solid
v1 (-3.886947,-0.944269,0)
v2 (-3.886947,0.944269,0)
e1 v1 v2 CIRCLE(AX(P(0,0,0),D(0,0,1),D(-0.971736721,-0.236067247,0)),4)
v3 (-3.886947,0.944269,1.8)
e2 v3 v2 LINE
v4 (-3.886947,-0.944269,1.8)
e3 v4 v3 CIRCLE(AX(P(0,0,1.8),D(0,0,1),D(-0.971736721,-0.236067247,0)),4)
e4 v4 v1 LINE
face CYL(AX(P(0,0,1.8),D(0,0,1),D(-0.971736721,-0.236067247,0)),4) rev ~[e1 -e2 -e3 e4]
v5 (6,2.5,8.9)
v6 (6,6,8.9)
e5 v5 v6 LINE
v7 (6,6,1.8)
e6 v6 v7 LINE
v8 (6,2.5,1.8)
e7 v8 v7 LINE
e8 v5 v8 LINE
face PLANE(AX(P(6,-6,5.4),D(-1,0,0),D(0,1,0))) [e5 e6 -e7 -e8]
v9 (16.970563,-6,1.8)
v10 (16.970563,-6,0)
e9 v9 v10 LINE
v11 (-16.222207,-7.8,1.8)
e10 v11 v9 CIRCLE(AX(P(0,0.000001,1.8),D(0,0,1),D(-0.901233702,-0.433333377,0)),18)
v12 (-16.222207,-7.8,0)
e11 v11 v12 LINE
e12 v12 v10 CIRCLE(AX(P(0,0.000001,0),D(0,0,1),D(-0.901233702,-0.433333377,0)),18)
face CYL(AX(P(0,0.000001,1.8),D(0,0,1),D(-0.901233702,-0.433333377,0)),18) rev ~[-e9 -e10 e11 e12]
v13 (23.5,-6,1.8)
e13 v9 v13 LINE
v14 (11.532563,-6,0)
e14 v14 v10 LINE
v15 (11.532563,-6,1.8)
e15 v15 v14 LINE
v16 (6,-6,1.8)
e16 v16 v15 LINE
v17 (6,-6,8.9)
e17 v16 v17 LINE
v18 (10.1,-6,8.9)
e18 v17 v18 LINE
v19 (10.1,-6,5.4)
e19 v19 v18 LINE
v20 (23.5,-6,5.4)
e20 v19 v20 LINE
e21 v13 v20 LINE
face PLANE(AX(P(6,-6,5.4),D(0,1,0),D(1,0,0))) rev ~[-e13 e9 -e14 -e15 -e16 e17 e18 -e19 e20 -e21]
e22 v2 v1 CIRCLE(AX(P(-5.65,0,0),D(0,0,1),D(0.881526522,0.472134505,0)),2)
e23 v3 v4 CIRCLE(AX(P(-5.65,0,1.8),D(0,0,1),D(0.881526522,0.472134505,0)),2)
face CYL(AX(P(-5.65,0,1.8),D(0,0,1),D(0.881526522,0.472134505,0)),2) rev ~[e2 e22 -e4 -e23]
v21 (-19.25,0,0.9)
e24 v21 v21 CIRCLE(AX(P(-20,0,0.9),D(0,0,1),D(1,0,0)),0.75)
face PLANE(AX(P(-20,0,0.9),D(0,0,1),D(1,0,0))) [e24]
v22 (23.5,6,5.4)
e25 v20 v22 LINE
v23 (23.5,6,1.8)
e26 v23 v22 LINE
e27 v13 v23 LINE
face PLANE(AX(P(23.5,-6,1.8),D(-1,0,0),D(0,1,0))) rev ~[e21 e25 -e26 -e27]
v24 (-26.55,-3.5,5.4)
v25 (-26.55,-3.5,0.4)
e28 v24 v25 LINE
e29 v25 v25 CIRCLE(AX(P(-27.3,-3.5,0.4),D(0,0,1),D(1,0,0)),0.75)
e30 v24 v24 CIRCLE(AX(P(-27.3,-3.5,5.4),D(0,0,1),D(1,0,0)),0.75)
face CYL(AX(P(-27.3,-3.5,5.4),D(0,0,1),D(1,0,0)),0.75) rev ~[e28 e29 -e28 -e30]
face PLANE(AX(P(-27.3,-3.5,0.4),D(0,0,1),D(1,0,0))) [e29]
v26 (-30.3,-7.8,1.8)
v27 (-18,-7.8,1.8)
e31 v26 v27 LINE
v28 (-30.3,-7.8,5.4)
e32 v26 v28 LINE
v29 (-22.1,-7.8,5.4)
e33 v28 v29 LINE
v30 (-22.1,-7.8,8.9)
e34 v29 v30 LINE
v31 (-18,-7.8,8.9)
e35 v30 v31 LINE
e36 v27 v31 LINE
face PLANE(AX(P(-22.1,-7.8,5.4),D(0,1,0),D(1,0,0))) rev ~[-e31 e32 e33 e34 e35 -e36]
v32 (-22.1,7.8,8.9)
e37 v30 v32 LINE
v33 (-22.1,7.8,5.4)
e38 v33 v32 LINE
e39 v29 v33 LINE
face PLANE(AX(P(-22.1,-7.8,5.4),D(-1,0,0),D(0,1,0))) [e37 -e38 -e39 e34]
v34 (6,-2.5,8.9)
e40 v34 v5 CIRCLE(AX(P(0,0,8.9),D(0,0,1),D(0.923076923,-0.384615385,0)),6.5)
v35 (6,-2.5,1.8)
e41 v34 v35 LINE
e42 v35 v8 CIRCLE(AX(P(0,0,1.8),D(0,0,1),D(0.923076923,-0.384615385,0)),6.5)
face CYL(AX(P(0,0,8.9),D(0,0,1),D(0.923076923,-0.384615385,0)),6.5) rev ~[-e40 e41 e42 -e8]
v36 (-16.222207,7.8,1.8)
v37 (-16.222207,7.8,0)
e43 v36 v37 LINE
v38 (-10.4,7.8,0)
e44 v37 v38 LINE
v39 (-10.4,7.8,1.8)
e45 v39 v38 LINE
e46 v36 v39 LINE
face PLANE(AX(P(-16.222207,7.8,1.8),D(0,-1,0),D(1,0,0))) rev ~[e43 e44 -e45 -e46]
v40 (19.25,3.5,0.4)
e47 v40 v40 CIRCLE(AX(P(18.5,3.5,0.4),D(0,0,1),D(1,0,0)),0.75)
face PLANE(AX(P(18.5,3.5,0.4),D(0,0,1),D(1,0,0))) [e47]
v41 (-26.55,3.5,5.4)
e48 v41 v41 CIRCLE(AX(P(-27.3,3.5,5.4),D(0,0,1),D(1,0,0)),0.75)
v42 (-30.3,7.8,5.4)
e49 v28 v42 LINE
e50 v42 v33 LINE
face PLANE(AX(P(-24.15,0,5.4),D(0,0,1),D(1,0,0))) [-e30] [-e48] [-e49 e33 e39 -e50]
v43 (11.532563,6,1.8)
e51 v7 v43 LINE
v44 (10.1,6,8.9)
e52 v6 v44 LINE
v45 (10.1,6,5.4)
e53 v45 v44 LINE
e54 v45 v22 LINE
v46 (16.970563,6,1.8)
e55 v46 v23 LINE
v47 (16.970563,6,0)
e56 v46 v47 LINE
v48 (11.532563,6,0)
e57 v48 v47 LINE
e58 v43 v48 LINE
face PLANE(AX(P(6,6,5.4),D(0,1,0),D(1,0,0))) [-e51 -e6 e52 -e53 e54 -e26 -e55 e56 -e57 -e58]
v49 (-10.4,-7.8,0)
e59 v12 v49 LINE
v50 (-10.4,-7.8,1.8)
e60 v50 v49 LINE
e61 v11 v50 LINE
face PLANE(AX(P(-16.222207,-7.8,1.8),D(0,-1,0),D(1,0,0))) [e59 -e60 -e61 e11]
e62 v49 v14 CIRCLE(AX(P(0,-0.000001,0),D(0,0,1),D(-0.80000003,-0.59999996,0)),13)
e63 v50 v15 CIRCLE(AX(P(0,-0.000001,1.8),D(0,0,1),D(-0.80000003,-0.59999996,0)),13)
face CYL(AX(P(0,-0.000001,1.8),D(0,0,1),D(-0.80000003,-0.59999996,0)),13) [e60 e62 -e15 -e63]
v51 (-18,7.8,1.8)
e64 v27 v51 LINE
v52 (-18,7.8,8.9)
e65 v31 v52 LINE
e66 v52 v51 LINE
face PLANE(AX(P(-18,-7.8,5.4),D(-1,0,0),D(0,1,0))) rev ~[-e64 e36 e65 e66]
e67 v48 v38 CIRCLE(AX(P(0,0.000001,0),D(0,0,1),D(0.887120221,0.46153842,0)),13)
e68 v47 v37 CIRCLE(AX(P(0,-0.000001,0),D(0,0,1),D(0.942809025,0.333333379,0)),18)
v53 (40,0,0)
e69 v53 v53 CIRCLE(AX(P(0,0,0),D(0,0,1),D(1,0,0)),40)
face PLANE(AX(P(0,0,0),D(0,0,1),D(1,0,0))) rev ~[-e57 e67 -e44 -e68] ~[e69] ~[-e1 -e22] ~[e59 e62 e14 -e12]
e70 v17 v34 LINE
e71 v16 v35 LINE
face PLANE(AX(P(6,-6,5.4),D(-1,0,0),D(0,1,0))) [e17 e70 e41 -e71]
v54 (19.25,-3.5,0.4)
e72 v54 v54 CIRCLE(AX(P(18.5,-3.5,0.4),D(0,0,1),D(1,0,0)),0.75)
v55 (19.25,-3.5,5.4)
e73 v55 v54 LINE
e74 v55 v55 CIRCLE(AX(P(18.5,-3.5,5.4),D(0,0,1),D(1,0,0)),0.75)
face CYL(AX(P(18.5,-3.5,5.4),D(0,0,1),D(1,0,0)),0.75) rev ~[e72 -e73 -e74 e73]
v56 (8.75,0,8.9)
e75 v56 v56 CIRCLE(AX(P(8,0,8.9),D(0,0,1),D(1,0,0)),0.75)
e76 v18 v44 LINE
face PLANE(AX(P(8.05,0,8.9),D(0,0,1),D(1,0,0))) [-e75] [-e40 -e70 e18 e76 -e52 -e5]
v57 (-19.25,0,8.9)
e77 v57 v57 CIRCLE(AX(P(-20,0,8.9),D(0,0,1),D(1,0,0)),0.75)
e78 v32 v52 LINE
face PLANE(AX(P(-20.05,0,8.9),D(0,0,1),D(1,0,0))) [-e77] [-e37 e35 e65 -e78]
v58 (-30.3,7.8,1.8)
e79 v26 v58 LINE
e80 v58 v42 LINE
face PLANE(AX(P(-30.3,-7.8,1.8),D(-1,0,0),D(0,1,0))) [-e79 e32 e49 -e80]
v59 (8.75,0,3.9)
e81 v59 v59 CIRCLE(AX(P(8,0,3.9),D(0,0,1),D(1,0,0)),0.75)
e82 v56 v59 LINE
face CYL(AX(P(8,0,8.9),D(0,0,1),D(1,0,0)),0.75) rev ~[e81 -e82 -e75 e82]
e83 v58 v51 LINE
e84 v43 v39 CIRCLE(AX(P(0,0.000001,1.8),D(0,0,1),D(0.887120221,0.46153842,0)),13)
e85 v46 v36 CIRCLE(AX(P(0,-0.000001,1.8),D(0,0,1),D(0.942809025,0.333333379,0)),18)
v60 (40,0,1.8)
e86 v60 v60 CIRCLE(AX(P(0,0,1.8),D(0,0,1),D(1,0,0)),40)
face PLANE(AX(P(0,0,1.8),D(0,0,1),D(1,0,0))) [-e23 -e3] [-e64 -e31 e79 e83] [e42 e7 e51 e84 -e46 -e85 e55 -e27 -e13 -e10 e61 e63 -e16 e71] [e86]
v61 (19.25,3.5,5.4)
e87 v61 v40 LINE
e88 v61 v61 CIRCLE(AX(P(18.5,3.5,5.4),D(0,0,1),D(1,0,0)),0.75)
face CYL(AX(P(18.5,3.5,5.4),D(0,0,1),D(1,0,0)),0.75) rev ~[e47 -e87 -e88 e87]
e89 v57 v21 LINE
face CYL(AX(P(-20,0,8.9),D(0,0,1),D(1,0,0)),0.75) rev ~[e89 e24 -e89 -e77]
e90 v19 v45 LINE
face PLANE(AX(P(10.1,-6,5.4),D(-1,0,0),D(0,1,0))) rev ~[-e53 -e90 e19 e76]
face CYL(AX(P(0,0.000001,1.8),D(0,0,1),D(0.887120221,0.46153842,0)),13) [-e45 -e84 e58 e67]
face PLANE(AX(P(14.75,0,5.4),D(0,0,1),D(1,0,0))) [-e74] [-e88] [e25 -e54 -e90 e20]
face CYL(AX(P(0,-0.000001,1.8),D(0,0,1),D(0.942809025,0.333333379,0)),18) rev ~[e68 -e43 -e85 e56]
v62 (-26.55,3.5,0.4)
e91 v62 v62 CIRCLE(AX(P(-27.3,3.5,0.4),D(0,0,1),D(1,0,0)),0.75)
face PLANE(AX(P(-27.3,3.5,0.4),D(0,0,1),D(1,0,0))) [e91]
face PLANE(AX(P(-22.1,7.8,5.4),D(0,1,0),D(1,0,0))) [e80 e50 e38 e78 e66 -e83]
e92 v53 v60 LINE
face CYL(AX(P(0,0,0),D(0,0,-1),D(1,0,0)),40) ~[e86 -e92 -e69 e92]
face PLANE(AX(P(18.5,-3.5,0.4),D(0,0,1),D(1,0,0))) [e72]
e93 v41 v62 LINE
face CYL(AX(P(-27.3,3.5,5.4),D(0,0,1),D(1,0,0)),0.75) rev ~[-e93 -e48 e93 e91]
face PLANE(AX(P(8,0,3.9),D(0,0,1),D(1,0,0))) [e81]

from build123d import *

# Parameters (mm, degrees)
SKETCH_R        = 40
PAD_DEPTH       = 1.8
POCKET_DEPTH    = 1.801
SKETCH002_W     = 17.5
SKETCH002_H     = 12
SKETCH002_W_2   = 12.3
SKETCH002_H_2   = 15.6
PAD001_DEPTH    = 3.6
SKETCH003_W     = 4.1
SKETCH003_H     = 12
PAD002_DEPTH    = 3.5
POCKET001_DEPTH = 7.1
SKETCH005_R     = 0.75
POCKET002_DEPTH = 5
SKETCH006_R     = 0.75
POCKET003_DEPTH = 5
SKETCH007_W     = 4.1
SKETCH007_H     = 15.6
PAD003_DEPTH    = 3.5
SKETCH008_R     = 0.75
POCKET004_DEPTH = 8
POCKET005_DEPTH = 1.801


with BuildPart() as part:
    # Sketch → Pad (new body)
    with BuildSketch(Plane.XY):
        Circle(SKETCH_R)
    extrude(amount=PAD_DEPTH)

    # Sketch001 → Pocket (cut, through all)
    with BuildSketch(Plane.XY.offset(1.8)):
        with BuildLine():
            ThreePointArc((-3.886947, -0.944269), (4, 0), (-3.886947, 0.944269))
            ThreePointArc((-3.886947, 0.944269), (-7.65, 0), (-3.886947, -0.944269))
        make_face()
    extrude(amount=-POCKET_DEPTH, mode=Mode.SUBTRACT)

    # Sketch002 → Pad001 (new body)
    with BuildSketch(Plane.XY.offset(1.8)):
        with Locations((14.75, 0)):
            Rectangle(SKETCH002_W, SKETCH002_H)
        with Locations((-24.15, 0)):
            Rectangle(SKETCH002_W_2, SKETCH002_H_2)
    extrude(amount=PAD001_DEPTH)

    # Sketch003 → Pad002 (new body)
    with BuildSketch(Plane.XY.offset(5.4)):
        with Locations((8.05, 0)):
            Rectangle(SKETCH003_W, SKETCH003_H)
    extrude(amount=PAD002_DEPTH)

    # Sketch004 → Pocket001 (cut)
    with BuildSketch(Plane.XY.offset(8.9)):
        with BuildLine():
            ThreePointArc((6, -2.5), (6.5, 0), (6, 2.5))
            Line((6, 2.5), (6, -2.5))
        make_face()
    extrude(amount=-POCKET001_DEPTH, mode=Mode.SUBTRACT)

    # Sketch005 → Pocket002 (cut)
    with BuildSketch(Plane.XY.offset(5.4)):
        with Locations((-27.3, 3.5)):
            Circle(SKETCH005_R)
        with Locations((-27.3, -3.5)):
            Circle(SKETCH005_R)
        with Locations((18.5, 3.5)):
            Circle(SKETCH005_R)
        with Locations((18.5, -3.5)):
            Circle(SKETCH005_R)
    extrude(amount=-POCKET002_DEPTH, mode=Mode.SUBTRACT)

    # Sketch006 → Pocket003 (cut)
    with BuildSketch(Plane.XY.offset(8.9)):
        with Locations((8, 0)):
            Circle(SKETCH006_R)
    extrude(amount=-POCKET003_DEPTH, mode=Mode.SUBTRACT)

    # Sketch007 → Pad003 (new body)
    with BuildSketch(Plane.XY.offset(5.4)):
        with Locations((-20.05, 0)):
            Rectangle(SKETCH007_W, SKETCH007_H)
    extrude(amount=PAD003_DEPTH)

    # Sketch008 → Pocket004 (cut)
    with BuildSketch(Plane.XY.offset(8.9)):
        with Locations((-20, 0)):
            Circle(SKETCH008_R)
    extrude(amount=-POCKET004_DEPTH, mode=Mode.SUBTRACT)

    # Sketch009 → Pocket005 (cut, through all)
    with BuildSketch(Plane.XY.offset(1.8)):
        with BuildLine():
            ThreePointArc((16.970563, 6), (0.974684, 17.973591), (-16.222207, 7.8))
            Line((-16.222207, 7.8), (-10.4, 7.8))
            ThreePointArc((11.532563, 6), (1.063332, 12.95644), (-10.4, 7.8))
            Line((11.532563, 6), (16.970563, 6))
        make_face()
        with BuildLine():
            ThreePointArc((-10.4, -7.8), (1.063332, -12.95644), (11.532563, -6))
            Line((11.532563, -6), (16.970563, -6))
            ThreePointArc((-16.222207, -7.8), (0.974684, -17.973591), (16.970563, -6))
            Line((-16.222207, -7.8), (-10.4, -7.8))
        make_face()
    extrude(amount=-POCKET005_DEPTH, mode=Mode.SUBTRACT)


solid = part.part
